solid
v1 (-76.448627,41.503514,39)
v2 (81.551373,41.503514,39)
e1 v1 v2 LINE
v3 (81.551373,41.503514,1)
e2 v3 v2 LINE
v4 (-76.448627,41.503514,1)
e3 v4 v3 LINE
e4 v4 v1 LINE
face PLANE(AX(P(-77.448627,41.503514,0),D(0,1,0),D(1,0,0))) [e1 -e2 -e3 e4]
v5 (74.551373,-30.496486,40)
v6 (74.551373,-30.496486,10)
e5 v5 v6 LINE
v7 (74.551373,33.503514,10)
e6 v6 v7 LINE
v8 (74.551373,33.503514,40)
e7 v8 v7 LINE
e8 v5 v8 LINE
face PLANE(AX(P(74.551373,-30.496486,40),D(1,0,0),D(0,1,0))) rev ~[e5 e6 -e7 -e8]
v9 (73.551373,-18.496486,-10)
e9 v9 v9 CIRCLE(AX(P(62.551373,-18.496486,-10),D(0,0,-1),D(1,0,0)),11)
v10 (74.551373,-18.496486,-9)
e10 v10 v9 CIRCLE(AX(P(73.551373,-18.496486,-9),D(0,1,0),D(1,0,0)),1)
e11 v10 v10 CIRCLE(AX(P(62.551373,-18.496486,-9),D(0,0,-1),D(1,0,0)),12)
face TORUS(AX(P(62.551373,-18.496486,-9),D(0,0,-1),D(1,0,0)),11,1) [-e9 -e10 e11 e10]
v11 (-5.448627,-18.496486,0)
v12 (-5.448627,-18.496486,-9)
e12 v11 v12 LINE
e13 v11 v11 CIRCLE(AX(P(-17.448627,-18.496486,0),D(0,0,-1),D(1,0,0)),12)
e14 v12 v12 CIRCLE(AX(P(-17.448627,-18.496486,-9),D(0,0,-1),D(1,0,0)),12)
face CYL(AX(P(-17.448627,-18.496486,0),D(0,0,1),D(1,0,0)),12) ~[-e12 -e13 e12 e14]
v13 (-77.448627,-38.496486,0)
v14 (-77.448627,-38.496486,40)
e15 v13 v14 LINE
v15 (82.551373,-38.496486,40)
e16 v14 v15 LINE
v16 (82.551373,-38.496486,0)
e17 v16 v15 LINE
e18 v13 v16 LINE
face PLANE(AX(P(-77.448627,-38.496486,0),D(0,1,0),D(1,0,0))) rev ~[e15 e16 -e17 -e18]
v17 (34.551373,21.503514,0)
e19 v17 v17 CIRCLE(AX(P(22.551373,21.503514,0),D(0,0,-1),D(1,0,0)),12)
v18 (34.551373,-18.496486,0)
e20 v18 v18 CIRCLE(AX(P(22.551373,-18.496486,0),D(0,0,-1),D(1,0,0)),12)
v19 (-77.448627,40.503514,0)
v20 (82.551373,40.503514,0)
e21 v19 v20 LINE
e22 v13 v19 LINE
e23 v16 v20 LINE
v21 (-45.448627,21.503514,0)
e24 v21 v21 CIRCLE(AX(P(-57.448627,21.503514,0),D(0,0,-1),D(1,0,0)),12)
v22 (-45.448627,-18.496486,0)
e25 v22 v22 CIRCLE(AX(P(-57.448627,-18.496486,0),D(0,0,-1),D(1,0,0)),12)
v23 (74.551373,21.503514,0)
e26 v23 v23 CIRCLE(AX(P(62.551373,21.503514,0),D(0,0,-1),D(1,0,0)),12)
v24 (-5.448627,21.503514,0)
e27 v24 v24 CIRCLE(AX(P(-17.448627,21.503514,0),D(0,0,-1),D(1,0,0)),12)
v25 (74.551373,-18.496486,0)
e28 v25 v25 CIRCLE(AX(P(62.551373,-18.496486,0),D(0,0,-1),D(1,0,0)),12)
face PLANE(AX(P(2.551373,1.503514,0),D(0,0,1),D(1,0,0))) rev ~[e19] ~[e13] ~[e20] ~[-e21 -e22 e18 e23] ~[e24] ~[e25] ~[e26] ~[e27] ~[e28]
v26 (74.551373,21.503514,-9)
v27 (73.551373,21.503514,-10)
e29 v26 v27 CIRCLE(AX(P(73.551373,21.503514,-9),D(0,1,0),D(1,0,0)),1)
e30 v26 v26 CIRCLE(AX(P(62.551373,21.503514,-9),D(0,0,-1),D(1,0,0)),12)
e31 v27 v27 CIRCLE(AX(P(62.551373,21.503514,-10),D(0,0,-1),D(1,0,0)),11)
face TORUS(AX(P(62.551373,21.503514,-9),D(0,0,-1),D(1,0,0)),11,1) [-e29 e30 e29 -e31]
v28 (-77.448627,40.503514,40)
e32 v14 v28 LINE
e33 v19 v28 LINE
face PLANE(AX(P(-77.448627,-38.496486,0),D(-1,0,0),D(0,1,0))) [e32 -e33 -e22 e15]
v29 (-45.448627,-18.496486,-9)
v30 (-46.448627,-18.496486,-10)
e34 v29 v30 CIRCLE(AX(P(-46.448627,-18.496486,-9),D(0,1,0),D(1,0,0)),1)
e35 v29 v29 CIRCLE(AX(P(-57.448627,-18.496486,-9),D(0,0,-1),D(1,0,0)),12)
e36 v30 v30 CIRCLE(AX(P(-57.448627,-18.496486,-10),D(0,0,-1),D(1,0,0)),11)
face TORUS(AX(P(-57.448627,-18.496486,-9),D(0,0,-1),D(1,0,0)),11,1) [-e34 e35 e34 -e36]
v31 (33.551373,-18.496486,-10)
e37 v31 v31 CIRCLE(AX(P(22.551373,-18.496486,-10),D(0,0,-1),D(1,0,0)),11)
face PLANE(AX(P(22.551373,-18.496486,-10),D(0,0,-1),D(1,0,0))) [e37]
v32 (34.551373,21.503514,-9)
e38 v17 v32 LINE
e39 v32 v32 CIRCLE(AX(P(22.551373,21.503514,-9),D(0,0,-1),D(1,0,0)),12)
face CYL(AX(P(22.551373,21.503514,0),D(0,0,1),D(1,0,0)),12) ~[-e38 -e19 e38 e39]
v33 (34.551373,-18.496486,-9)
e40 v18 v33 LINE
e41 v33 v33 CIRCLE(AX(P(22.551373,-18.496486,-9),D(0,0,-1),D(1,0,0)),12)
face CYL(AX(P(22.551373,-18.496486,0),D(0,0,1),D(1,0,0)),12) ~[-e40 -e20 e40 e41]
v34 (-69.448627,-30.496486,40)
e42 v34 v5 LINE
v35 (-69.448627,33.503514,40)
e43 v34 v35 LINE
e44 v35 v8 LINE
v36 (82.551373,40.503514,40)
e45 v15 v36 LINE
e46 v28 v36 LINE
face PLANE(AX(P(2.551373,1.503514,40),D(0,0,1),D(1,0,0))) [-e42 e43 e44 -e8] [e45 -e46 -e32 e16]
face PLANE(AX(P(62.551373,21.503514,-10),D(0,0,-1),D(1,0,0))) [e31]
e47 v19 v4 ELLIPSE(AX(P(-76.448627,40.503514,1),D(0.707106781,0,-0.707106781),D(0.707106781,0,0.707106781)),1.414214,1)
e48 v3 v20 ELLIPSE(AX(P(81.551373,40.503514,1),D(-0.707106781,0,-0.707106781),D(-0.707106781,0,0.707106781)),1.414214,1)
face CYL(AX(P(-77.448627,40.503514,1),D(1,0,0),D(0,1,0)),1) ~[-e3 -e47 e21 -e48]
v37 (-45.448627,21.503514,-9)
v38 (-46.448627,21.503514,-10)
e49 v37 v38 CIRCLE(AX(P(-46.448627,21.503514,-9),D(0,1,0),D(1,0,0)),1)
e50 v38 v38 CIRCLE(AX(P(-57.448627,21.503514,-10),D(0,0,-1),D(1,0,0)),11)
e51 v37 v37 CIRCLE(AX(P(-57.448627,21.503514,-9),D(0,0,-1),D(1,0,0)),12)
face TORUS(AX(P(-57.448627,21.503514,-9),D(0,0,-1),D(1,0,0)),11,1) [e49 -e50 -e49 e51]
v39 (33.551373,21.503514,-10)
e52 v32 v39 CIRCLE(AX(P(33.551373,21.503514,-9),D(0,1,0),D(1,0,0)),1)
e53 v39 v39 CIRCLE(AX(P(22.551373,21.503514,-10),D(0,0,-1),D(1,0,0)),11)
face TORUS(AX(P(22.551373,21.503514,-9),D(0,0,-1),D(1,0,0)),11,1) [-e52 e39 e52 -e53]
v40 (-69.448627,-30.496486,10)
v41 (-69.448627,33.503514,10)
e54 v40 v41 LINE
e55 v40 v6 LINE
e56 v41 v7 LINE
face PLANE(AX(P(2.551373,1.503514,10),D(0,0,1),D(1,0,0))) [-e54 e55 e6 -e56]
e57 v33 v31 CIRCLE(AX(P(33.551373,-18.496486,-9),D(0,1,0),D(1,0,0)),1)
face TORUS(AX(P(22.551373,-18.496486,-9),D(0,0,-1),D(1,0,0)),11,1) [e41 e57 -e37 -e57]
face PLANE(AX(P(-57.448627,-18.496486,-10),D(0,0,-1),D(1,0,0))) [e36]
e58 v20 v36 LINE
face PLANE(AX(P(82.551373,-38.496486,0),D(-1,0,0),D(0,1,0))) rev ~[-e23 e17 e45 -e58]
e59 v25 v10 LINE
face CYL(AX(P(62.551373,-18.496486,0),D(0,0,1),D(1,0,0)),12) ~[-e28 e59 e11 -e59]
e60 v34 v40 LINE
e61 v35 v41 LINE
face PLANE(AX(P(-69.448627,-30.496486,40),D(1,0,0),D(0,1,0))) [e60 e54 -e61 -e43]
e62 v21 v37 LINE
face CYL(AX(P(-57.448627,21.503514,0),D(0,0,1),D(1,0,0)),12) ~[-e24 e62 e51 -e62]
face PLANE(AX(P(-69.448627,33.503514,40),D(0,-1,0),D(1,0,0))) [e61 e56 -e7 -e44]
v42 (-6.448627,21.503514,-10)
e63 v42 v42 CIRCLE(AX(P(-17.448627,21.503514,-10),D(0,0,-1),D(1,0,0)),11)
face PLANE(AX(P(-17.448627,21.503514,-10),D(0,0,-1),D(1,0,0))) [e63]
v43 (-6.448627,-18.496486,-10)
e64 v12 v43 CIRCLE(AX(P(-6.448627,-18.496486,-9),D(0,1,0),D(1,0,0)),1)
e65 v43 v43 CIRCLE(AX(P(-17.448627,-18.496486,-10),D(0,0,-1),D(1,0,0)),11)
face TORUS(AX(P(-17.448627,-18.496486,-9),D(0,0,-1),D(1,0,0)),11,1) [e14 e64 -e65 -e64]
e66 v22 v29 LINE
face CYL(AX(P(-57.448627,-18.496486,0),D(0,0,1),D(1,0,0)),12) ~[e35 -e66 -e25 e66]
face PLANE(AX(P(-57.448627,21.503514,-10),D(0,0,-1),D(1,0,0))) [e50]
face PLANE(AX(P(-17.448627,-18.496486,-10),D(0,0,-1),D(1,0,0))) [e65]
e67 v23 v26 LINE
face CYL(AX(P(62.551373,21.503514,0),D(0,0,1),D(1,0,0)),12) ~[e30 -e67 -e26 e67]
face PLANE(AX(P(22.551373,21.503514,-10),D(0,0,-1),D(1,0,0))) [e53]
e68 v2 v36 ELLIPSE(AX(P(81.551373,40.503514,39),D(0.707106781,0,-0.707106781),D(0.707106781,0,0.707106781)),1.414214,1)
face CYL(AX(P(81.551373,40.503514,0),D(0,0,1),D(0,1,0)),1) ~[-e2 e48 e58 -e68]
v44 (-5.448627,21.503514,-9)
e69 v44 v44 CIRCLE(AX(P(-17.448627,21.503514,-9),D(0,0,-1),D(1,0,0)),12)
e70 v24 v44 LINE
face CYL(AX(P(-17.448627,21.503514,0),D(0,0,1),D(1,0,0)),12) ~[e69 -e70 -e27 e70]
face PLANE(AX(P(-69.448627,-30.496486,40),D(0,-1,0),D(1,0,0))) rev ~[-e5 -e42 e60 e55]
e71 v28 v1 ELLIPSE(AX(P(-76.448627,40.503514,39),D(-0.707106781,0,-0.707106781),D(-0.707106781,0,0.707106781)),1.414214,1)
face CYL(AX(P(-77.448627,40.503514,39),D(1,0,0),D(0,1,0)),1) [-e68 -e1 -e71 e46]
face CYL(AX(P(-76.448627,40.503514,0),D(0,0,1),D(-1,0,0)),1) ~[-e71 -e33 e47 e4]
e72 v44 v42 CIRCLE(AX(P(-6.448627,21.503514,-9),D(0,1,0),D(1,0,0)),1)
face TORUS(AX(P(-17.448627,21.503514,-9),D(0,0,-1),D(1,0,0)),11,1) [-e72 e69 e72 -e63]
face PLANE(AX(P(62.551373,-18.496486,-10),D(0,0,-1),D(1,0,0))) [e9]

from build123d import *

# Parameters (mm, degrees)
F0_W     = 160
F0_H     = 80
F1_DEPTH = 40
F2_W     = 144
F2_H     = 64
F3_DEPTH = 30
F4_R     = 12
F5_DEPTH = 10
F6_R     = 1


with BuildPart() as f1:
    # F0 (on Top) → F1 (new body)
    with BuildSketch(Plane.XY):
        with Locations((2.551373, 1.503514)):
            Rectangle(F0_W, F0_H)
    extrude(amount=F1_DEPTH)

    # F2 (on face) → F3 (cut)
    with BuildSketch(Plane.XY.offset(40)):
        with Locations((2.551373, 1.503514)):
            Rectangle(F2_W, F2_H)
    extrude(amount=-F3_DEPTH, mode=Mode.SUBTRACT)

    # F4 (on face) → F5 (join)
    with BuildSketch(Plane(origin=(0, 0, 0), x_dir=(1, 0, 0), z_dir=(0, 0, -1))):
        with Locations((-57.448627, 18.496486)):
            Circle(F4_R)
        with Locations((-17.448627, 18.496486)):
            Circle(F4_R)
        with Locations((22.551373, 18.496486)):
            Circle(F4_R)
        with Locations((62.551373, 18.496486)):
            Circle(F4_R)
        with Locations((62.551373, -21.503514)):
            Circle(F4_R)
        with Locations((22.551373, -21.503514)):
            Circle(F4_R)
        with Locations((-17.448627, -21.503514)):
            Circle(F4_R)
        with Locations((-57.448627, -21.503514)):
            Circle(F4_R)
    extrude(amount=F5_DEPTH)

    # F6
    f6_edges = [f1.edges().sort_by_distance(p)[0] for p in [
        (82.551373, 41.503514, 20),
        (-77.448627, 41.503514, 20),
        (2.551373, 41.503514, 0),
        (2.551373, 41.503514, 40),
        (-29.448627, -18.496486, -10),
        (10.551373, -18.496486, -10),
        (50.551373, -18.496486, -10),
        (50.551373, 21.503514, -10),
        (10.551373, 21.503514, -10),
        (-29.448627, 21.503514, -10),
        (-69.448627, 21.503514, -10),
        (-69.448627, -18.496486, -10),
    ]]
    fillet(f6_edges, radius=F6_R)


solid = f1.part
